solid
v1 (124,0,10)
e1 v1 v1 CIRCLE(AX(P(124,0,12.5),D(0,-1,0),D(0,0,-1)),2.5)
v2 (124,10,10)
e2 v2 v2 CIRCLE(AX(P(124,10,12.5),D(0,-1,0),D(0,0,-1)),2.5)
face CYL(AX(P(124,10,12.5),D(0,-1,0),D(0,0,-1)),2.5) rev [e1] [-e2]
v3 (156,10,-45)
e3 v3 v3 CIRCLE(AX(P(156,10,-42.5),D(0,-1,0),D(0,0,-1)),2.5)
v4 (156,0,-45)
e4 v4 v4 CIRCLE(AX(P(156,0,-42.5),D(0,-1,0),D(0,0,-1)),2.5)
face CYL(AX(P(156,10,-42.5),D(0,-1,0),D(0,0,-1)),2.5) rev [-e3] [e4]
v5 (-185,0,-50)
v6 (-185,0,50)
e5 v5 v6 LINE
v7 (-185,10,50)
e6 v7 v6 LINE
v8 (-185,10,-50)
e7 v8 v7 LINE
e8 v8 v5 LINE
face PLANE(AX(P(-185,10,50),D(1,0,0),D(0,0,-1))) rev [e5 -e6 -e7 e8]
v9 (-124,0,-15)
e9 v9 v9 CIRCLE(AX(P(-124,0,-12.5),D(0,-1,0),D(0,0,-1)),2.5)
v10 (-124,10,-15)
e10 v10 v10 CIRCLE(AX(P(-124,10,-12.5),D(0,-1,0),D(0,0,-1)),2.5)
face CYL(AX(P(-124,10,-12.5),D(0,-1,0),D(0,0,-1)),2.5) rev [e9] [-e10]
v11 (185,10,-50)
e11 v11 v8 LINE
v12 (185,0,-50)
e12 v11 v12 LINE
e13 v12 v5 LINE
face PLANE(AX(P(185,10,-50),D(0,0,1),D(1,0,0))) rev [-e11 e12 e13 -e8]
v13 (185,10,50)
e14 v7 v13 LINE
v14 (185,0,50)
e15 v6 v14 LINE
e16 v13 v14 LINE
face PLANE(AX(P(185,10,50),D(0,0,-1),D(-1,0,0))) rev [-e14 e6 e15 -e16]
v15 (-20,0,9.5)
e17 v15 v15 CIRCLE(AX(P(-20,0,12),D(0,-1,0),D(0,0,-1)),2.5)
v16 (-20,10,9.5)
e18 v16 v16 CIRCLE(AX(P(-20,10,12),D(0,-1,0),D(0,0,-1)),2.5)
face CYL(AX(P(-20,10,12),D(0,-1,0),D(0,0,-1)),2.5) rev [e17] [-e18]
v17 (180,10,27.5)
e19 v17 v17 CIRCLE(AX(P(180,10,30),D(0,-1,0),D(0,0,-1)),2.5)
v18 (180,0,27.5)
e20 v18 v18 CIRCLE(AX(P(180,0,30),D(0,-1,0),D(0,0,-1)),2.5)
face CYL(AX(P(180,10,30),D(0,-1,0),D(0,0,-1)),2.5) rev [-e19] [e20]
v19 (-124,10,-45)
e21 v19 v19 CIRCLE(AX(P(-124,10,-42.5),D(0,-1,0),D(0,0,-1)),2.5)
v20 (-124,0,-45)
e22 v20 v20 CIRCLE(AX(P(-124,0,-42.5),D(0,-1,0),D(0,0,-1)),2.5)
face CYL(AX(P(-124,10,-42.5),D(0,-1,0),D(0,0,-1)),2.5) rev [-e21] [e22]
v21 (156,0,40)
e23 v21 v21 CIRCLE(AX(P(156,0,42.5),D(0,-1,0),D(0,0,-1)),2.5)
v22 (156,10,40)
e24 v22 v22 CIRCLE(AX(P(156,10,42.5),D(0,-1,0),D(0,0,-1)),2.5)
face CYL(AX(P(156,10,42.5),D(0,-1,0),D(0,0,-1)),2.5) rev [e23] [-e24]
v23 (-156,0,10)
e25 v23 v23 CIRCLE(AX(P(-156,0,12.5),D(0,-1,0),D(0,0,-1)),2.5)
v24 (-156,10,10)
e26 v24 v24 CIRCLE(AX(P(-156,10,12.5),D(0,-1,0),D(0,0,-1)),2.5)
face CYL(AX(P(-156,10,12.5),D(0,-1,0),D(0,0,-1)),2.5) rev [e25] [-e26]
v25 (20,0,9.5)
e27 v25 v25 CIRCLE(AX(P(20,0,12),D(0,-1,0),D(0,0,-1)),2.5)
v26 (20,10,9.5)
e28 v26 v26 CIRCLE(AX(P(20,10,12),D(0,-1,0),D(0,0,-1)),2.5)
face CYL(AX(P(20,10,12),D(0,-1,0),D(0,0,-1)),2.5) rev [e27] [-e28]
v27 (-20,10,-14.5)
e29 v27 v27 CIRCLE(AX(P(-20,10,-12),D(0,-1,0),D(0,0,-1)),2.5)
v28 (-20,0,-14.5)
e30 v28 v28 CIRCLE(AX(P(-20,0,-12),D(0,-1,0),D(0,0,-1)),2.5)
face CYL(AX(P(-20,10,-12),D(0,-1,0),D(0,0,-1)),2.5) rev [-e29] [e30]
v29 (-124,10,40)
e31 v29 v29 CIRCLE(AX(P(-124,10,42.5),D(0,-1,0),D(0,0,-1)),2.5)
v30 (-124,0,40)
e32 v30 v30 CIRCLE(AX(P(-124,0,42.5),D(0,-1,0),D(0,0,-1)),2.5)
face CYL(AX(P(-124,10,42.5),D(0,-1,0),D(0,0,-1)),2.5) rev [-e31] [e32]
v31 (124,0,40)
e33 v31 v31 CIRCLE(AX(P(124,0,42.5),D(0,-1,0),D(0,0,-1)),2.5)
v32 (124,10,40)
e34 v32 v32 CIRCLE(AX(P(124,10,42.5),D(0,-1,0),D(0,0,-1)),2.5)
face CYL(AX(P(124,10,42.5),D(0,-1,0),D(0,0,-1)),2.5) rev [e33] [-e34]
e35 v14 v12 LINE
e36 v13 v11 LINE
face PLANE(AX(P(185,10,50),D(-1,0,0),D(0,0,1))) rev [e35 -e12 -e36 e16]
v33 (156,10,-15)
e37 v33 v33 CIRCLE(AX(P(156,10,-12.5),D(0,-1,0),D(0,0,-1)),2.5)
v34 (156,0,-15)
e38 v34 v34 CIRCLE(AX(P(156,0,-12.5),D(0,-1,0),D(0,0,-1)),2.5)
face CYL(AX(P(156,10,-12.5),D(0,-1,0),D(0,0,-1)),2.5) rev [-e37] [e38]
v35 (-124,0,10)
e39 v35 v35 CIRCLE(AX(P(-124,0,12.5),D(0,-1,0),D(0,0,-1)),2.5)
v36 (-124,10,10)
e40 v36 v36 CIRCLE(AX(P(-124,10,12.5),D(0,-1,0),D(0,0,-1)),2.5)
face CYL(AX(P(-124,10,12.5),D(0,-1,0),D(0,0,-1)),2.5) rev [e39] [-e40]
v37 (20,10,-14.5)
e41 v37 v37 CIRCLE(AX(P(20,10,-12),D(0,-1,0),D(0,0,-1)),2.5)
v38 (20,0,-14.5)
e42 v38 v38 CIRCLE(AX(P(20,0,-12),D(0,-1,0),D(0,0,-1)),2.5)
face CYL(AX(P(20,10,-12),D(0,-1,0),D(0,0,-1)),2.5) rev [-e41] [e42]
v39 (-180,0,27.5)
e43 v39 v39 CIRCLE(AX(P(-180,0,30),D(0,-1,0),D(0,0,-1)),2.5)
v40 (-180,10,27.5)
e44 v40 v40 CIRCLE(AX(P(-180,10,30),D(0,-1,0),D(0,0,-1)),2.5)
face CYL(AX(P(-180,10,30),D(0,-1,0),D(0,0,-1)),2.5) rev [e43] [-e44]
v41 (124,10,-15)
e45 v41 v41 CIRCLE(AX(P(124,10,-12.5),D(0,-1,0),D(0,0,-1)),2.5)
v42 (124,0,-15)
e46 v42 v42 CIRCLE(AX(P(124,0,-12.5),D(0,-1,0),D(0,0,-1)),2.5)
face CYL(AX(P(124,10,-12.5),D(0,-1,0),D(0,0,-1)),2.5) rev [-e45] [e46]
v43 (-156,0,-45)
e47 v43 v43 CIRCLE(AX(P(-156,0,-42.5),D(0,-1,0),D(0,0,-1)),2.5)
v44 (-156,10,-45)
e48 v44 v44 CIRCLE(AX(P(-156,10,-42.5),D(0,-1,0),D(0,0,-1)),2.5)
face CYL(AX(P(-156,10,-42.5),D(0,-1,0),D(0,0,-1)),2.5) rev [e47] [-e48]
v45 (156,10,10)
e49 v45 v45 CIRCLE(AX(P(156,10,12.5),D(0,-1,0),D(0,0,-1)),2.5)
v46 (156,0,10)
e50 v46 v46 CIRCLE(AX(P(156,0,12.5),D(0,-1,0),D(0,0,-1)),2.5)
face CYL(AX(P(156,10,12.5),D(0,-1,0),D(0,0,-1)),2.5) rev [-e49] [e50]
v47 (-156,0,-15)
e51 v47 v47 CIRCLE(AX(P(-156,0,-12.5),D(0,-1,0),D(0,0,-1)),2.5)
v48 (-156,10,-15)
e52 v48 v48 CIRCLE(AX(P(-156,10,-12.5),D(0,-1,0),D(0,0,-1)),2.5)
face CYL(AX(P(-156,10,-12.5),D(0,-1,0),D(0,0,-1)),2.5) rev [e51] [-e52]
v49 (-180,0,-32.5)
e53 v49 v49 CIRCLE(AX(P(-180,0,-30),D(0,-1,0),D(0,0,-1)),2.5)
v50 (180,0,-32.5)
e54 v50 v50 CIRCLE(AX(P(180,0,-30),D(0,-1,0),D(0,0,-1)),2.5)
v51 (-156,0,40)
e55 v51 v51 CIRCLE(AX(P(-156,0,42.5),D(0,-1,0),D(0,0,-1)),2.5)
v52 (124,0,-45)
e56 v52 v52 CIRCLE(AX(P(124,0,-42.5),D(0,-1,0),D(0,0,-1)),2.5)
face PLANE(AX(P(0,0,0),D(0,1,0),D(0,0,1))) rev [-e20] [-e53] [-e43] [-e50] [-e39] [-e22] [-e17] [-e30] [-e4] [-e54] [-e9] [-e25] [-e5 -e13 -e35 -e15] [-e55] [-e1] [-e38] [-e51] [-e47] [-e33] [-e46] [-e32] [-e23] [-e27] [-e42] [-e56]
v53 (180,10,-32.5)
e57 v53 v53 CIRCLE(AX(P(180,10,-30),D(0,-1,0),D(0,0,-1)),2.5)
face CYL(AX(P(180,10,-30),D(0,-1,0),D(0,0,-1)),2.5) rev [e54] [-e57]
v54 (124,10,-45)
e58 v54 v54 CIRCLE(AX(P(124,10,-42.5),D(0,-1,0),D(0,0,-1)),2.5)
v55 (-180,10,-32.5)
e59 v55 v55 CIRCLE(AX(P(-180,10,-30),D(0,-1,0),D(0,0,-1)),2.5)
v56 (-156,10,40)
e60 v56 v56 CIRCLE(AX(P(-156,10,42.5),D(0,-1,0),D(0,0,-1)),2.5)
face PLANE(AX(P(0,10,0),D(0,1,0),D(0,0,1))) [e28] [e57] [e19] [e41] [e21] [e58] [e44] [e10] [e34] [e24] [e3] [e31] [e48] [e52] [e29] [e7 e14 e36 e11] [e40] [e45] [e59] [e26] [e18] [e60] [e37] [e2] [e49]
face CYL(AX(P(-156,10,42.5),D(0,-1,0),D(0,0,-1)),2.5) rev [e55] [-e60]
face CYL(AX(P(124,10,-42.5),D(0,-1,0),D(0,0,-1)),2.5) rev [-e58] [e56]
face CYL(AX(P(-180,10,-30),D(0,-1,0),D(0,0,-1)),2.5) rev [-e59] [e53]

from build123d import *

# Parameters (mm, degrees)
SKETCH1_W           = 370
SKETCH1_H           = 100
BOSS_EXTRUDE1_DEPTH = 10
SKETCH3_R           = 2.5
CUT_EXTRUDE1_DEPTH  = 192.898410624


with BuildPart() as part:
    # Sketch1 → Boss-Extrude1 (new body)
    with BuildSketch(Plane(origin=(0, 0, 0), x_dir=(1, 0, 0), z_dir=(0, 1, 0))):
        Rectangle(SKETCH1_W, SKETCH1_H)
    extrude(amount=BOSS_EXTRUDE1_DEPTH)

    # Sketch3 → Cut-Extrude1 (cut, through all)
    with BuildSketch(Plane.XZ):
        with Locations(Location((-156, 42.5, 0), (0, 0, 270))):
            Circle(SKETCH3_R)
        with Locations(Location((-124, 42.5, 0), (0, 0, 270))):
            Circle(SKETCH3_R)
        with Locations(Location((124, 42.5, 0), (0, 0, 270))):
            Circle(SKETCH3_R)
        with Locations(Location((156, 42.5, 0), (0, 0, 270))):
            Circle(SKETCH3_R)
        with Locations(Location((-156, 12.5, 0), (0, 0, 270))):
            Circle(SKETCH3_R)
        with Locations(Location((-124, 12.5, 0), (0, 0, 270))):
            Circle(SKETCH3_R)
        with Locations(Location((124, 12.5, 0), (0, 0, 270))):
            Circle(SKETCH3_R)
        with Locations(Location((156, 12.5, 0), (0, 0, 270))):
            Circle(SKETCH3_R)
        with Locations(Location((-156, -12.5, 0), (0, 0, 270))):
            Circle(SKETCH3_R)
        with Locations(Location((-124, -12.5, 0), (0, 0, 270))):
            Circle(SKETCH3_R)
        with Locations(Location((124, -12.5, 0), (0, 0, 270))):
            Circle(SKETCH3_R)
        with Locations(Location((156, -12.5, 0), (0, 0, 270))):
            Circle(SKETCH3_R)
        with Locations(Location((-156, -42.5, 0), (0, 0, 270))):
            Circle(SKETCH3_R)
        with Locations(Location((-124, -42.5, 0), (0, 0, 270))):
            Circle(SKETCH3_R)
        with Locations(Location((124, -42.5, 0), (0, 0, 270))):
            Circle(SKETCH3_R)
        with Locations(Location((156, -42.5, 0), (0, 0, 270))):
            Circle(SKETCH3_R)
        with Locations(Location((-20, 12, 0), (0, 0, 270))):
            Circle(SKETCH3_R)
        with Locations(Location((20, 12, 0), (0, 0, 270))):
            Circle(SKETCH3_R)
        with Locations(Location((20, -12, 0), (0, 0, 270))):
            Circle(SKETCH3_R)
        with Locations(Location((-20, -12, 0), (0, 0, 270))):
            Circle(SKETCH3_R)
        with Locations(Location((-180, 30, 0), (0, 0, 270))):
            Circle(SKETCH3_R)
        with Locations(Location((-180, -30, 0), (0, 0, 270))):
            Circle(SKETCH3_R)
        with Locations(Location((180, -30, 0), (0, 0, 270))):
            Circle(SKETCH3_R)
        with Locations(Location((180, 30, 0), (0, 0, 270))):
            Circle(SKETCH3_R)
    extrude(amount=-CUT_EXTRUDE1_DEPTH, mode=Mode.SUBTRACT)


solid = part.part
